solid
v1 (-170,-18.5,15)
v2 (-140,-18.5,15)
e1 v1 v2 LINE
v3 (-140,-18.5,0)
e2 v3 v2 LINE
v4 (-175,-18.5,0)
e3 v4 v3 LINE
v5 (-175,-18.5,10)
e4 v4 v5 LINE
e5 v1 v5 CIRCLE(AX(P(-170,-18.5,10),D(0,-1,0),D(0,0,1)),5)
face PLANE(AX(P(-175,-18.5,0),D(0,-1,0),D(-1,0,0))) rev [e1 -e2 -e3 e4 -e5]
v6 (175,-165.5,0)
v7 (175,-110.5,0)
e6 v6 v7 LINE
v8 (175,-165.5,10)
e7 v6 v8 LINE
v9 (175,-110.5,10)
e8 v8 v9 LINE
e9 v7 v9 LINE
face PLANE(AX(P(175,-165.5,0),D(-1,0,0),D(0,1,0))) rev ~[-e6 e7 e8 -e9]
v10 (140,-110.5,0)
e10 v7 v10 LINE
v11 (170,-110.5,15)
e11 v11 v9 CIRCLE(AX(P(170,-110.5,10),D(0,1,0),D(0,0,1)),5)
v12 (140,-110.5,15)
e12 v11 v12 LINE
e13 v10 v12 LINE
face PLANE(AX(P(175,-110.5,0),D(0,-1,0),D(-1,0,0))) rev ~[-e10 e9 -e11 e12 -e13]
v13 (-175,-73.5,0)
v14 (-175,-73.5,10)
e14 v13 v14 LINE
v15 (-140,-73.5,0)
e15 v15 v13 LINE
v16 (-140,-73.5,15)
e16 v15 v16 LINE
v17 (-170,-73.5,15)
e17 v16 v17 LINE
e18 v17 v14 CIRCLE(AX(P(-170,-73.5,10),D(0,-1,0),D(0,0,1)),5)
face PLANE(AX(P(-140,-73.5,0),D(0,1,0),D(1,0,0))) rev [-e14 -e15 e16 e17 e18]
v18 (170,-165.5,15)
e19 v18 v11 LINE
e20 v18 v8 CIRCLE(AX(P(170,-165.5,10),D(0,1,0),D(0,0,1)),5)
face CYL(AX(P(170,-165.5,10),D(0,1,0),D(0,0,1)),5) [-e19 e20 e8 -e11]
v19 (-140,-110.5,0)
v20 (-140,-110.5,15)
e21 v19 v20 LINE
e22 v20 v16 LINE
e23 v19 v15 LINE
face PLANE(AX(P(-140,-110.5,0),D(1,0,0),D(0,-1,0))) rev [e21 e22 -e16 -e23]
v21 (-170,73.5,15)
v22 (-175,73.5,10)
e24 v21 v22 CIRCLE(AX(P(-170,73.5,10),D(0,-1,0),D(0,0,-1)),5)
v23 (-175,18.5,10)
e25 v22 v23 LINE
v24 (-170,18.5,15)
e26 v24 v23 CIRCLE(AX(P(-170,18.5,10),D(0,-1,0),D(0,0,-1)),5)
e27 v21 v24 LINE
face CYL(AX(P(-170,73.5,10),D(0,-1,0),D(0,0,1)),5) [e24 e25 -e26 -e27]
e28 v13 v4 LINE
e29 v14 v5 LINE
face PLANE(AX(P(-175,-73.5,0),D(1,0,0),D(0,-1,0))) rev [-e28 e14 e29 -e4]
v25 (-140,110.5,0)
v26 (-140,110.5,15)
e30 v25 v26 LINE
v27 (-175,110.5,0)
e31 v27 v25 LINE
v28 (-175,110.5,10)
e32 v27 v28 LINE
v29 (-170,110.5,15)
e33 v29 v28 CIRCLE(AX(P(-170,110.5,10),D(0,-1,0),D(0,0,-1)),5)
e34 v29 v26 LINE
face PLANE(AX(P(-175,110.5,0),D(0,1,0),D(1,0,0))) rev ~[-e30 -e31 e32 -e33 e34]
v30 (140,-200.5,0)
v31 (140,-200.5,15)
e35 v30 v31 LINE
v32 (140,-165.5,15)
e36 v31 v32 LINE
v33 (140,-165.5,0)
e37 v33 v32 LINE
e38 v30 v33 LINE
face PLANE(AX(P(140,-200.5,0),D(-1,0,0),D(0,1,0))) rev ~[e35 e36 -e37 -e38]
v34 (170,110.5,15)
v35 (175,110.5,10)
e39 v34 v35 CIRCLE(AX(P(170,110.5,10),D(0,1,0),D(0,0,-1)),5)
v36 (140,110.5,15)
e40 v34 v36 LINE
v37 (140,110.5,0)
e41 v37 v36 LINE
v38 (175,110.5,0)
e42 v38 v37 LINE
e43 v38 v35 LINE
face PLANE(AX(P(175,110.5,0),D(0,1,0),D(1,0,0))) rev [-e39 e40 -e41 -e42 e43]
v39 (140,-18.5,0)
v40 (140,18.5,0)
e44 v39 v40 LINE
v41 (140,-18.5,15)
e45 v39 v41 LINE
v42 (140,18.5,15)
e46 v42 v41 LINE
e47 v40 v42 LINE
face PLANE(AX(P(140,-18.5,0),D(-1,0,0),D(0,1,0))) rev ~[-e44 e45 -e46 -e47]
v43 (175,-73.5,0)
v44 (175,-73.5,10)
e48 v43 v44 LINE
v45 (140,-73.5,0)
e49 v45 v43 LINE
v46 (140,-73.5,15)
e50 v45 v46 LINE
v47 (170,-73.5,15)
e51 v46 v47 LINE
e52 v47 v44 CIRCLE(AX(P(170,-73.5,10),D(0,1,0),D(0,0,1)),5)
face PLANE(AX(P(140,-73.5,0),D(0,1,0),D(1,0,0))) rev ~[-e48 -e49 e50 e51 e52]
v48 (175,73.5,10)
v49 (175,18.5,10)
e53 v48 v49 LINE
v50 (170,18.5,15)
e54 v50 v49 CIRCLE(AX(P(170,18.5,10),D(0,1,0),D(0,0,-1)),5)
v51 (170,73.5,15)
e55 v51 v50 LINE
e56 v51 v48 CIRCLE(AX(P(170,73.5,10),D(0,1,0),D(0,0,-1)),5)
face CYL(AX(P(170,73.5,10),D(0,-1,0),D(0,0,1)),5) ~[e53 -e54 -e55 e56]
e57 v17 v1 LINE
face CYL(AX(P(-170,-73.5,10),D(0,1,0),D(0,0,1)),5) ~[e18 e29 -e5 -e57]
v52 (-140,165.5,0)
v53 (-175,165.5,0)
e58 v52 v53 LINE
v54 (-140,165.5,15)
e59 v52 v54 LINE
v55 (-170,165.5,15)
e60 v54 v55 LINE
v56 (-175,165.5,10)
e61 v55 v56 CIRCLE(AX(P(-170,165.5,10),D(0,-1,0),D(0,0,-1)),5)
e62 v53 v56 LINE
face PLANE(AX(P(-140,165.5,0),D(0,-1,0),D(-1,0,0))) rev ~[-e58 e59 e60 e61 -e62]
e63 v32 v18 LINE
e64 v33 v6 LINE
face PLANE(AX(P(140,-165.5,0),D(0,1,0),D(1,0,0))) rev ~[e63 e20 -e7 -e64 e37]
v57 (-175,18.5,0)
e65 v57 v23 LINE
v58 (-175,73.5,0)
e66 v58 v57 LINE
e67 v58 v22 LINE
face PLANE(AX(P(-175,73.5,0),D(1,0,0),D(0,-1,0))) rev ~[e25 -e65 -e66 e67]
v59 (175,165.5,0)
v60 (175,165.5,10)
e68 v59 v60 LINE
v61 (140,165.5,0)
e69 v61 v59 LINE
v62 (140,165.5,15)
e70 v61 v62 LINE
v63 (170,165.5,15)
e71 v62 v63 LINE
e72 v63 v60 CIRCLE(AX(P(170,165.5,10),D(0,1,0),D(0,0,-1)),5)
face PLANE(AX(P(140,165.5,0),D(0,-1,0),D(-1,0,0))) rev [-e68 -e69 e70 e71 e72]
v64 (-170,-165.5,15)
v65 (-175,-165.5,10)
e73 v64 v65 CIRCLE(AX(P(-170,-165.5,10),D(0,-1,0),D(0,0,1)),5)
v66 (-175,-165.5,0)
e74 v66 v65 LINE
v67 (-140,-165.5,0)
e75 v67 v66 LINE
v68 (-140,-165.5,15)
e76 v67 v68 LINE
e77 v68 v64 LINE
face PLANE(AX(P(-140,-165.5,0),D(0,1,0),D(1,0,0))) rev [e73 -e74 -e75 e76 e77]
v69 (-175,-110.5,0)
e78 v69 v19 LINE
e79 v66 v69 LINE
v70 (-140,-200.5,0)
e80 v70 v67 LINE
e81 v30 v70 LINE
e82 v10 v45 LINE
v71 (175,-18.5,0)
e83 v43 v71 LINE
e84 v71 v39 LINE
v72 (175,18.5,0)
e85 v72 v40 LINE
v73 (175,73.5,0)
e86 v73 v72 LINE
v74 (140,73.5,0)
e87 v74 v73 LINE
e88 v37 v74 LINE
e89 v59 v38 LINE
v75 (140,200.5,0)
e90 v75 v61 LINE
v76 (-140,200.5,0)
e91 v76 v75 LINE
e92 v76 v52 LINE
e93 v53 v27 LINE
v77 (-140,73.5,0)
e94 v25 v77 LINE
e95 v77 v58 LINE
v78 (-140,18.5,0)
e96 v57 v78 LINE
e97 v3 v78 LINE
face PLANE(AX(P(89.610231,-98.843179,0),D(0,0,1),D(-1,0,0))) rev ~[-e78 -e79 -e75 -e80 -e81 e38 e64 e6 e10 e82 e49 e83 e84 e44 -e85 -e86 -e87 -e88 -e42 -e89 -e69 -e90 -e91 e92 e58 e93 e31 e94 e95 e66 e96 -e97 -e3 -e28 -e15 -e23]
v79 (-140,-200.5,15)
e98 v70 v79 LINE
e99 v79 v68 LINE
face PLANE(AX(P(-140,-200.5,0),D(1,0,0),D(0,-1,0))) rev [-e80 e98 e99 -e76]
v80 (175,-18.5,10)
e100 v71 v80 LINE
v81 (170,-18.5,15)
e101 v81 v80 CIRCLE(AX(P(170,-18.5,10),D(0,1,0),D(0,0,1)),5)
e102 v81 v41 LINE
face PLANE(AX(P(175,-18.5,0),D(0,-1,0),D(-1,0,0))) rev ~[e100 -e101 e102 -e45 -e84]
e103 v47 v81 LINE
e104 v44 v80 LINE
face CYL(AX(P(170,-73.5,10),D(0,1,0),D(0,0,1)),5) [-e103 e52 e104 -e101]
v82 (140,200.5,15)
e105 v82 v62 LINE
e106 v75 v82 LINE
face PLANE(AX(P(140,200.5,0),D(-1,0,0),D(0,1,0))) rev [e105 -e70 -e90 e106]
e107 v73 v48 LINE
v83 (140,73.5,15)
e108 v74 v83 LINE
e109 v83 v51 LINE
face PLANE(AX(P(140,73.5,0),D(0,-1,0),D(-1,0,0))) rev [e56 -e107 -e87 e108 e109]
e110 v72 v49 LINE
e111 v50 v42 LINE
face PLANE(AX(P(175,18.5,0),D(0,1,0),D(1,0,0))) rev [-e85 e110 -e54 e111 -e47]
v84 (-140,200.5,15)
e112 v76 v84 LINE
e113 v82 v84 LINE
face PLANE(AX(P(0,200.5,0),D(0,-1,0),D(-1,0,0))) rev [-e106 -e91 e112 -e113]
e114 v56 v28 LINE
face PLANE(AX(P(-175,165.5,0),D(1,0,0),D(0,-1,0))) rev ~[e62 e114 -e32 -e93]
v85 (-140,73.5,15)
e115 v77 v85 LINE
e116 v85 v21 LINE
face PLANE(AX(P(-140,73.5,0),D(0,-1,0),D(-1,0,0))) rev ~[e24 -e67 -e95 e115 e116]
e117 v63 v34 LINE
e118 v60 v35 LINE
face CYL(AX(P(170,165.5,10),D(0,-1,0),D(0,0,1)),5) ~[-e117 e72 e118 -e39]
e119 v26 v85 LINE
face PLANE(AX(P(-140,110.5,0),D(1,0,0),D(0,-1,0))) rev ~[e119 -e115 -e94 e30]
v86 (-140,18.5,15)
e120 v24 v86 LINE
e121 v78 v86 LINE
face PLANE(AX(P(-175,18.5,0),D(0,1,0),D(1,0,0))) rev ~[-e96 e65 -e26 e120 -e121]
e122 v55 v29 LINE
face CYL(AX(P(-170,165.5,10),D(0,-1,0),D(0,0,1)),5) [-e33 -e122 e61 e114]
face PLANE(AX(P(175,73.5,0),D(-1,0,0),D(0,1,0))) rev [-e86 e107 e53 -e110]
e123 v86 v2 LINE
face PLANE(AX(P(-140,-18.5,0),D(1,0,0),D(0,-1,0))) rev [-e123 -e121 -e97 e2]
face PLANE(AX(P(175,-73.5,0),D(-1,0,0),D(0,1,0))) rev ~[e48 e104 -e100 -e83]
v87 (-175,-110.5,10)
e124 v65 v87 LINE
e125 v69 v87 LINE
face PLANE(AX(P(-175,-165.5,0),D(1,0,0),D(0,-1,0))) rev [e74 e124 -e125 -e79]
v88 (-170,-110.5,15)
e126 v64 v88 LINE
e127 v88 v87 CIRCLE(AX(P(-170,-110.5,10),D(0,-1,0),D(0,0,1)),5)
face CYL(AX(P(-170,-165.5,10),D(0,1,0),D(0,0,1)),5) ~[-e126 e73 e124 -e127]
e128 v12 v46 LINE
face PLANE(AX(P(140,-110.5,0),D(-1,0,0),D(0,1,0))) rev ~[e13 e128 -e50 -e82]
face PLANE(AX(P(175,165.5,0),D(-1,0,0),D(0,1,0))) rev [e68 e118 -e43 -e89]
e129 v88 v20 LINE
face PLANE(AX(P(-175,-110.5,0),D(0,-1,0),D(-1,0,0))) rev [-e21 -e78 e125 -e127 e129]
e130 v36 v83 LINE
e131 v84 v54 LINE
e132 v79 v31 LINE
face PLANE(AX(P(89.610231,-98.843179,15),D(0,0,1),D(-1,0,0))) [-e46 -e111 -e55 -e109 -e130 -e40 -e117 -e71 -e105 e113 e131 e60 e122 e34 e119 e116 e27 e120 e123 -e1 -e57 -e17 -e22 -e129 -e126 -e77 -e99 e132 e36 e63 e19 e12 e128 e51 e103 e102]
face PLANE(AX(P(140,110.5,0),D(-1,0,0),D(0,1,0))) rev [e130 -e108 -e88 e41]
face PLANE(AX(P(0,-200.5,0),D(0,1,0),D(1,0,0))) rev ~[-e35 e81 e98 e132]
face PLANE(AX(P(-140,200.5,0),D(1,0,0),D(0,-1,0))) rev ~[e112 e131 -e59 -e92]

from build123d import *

# Parameters (mm, degrees)
F1_DEPTH = 15
F3_R     = 5


with BuildPart() as f1:
    # F0 (on Top) → F1 (new body)
    with BuildSketch(Plane.XY):
        Polygon((-140, 165.5), (-175, 165.5), (-175, 110.5), (-140, 110.5), (-140, 73.5), (-175, 73.5), (-175, 18.5), (-140, 18.5), (-140, 0), (0, 0), (0, 200.5), (-140, 200.5), align=None)
    extrude(amount=F1_DEPTH)

    # F2: F1 across plane


with BuildPart() as f1_1:
    add(f1.part)
    add(f1.part.mirror(Plane.XZ))

    # F3
    f3_edges = [f1_1.edges().sort_by_distance(p)[0] for p in [
        (-175, 138, 15),
        (-175, 46, 15),
        (-175, -46, 15),
        (-175, -138, 15),
    ]]
    fillet(f3_edges, radius=F3_R)

    # F4: F1 across face


with BuildPart() as f1_2:
    add(f1_1.part)
    add(f1_1.part.mirror(Plane(origin=(0, 0, 7.5), x_dir=(0, 1, 0), z_dir=(1, 0, 0))))


solid = f1_2.part
